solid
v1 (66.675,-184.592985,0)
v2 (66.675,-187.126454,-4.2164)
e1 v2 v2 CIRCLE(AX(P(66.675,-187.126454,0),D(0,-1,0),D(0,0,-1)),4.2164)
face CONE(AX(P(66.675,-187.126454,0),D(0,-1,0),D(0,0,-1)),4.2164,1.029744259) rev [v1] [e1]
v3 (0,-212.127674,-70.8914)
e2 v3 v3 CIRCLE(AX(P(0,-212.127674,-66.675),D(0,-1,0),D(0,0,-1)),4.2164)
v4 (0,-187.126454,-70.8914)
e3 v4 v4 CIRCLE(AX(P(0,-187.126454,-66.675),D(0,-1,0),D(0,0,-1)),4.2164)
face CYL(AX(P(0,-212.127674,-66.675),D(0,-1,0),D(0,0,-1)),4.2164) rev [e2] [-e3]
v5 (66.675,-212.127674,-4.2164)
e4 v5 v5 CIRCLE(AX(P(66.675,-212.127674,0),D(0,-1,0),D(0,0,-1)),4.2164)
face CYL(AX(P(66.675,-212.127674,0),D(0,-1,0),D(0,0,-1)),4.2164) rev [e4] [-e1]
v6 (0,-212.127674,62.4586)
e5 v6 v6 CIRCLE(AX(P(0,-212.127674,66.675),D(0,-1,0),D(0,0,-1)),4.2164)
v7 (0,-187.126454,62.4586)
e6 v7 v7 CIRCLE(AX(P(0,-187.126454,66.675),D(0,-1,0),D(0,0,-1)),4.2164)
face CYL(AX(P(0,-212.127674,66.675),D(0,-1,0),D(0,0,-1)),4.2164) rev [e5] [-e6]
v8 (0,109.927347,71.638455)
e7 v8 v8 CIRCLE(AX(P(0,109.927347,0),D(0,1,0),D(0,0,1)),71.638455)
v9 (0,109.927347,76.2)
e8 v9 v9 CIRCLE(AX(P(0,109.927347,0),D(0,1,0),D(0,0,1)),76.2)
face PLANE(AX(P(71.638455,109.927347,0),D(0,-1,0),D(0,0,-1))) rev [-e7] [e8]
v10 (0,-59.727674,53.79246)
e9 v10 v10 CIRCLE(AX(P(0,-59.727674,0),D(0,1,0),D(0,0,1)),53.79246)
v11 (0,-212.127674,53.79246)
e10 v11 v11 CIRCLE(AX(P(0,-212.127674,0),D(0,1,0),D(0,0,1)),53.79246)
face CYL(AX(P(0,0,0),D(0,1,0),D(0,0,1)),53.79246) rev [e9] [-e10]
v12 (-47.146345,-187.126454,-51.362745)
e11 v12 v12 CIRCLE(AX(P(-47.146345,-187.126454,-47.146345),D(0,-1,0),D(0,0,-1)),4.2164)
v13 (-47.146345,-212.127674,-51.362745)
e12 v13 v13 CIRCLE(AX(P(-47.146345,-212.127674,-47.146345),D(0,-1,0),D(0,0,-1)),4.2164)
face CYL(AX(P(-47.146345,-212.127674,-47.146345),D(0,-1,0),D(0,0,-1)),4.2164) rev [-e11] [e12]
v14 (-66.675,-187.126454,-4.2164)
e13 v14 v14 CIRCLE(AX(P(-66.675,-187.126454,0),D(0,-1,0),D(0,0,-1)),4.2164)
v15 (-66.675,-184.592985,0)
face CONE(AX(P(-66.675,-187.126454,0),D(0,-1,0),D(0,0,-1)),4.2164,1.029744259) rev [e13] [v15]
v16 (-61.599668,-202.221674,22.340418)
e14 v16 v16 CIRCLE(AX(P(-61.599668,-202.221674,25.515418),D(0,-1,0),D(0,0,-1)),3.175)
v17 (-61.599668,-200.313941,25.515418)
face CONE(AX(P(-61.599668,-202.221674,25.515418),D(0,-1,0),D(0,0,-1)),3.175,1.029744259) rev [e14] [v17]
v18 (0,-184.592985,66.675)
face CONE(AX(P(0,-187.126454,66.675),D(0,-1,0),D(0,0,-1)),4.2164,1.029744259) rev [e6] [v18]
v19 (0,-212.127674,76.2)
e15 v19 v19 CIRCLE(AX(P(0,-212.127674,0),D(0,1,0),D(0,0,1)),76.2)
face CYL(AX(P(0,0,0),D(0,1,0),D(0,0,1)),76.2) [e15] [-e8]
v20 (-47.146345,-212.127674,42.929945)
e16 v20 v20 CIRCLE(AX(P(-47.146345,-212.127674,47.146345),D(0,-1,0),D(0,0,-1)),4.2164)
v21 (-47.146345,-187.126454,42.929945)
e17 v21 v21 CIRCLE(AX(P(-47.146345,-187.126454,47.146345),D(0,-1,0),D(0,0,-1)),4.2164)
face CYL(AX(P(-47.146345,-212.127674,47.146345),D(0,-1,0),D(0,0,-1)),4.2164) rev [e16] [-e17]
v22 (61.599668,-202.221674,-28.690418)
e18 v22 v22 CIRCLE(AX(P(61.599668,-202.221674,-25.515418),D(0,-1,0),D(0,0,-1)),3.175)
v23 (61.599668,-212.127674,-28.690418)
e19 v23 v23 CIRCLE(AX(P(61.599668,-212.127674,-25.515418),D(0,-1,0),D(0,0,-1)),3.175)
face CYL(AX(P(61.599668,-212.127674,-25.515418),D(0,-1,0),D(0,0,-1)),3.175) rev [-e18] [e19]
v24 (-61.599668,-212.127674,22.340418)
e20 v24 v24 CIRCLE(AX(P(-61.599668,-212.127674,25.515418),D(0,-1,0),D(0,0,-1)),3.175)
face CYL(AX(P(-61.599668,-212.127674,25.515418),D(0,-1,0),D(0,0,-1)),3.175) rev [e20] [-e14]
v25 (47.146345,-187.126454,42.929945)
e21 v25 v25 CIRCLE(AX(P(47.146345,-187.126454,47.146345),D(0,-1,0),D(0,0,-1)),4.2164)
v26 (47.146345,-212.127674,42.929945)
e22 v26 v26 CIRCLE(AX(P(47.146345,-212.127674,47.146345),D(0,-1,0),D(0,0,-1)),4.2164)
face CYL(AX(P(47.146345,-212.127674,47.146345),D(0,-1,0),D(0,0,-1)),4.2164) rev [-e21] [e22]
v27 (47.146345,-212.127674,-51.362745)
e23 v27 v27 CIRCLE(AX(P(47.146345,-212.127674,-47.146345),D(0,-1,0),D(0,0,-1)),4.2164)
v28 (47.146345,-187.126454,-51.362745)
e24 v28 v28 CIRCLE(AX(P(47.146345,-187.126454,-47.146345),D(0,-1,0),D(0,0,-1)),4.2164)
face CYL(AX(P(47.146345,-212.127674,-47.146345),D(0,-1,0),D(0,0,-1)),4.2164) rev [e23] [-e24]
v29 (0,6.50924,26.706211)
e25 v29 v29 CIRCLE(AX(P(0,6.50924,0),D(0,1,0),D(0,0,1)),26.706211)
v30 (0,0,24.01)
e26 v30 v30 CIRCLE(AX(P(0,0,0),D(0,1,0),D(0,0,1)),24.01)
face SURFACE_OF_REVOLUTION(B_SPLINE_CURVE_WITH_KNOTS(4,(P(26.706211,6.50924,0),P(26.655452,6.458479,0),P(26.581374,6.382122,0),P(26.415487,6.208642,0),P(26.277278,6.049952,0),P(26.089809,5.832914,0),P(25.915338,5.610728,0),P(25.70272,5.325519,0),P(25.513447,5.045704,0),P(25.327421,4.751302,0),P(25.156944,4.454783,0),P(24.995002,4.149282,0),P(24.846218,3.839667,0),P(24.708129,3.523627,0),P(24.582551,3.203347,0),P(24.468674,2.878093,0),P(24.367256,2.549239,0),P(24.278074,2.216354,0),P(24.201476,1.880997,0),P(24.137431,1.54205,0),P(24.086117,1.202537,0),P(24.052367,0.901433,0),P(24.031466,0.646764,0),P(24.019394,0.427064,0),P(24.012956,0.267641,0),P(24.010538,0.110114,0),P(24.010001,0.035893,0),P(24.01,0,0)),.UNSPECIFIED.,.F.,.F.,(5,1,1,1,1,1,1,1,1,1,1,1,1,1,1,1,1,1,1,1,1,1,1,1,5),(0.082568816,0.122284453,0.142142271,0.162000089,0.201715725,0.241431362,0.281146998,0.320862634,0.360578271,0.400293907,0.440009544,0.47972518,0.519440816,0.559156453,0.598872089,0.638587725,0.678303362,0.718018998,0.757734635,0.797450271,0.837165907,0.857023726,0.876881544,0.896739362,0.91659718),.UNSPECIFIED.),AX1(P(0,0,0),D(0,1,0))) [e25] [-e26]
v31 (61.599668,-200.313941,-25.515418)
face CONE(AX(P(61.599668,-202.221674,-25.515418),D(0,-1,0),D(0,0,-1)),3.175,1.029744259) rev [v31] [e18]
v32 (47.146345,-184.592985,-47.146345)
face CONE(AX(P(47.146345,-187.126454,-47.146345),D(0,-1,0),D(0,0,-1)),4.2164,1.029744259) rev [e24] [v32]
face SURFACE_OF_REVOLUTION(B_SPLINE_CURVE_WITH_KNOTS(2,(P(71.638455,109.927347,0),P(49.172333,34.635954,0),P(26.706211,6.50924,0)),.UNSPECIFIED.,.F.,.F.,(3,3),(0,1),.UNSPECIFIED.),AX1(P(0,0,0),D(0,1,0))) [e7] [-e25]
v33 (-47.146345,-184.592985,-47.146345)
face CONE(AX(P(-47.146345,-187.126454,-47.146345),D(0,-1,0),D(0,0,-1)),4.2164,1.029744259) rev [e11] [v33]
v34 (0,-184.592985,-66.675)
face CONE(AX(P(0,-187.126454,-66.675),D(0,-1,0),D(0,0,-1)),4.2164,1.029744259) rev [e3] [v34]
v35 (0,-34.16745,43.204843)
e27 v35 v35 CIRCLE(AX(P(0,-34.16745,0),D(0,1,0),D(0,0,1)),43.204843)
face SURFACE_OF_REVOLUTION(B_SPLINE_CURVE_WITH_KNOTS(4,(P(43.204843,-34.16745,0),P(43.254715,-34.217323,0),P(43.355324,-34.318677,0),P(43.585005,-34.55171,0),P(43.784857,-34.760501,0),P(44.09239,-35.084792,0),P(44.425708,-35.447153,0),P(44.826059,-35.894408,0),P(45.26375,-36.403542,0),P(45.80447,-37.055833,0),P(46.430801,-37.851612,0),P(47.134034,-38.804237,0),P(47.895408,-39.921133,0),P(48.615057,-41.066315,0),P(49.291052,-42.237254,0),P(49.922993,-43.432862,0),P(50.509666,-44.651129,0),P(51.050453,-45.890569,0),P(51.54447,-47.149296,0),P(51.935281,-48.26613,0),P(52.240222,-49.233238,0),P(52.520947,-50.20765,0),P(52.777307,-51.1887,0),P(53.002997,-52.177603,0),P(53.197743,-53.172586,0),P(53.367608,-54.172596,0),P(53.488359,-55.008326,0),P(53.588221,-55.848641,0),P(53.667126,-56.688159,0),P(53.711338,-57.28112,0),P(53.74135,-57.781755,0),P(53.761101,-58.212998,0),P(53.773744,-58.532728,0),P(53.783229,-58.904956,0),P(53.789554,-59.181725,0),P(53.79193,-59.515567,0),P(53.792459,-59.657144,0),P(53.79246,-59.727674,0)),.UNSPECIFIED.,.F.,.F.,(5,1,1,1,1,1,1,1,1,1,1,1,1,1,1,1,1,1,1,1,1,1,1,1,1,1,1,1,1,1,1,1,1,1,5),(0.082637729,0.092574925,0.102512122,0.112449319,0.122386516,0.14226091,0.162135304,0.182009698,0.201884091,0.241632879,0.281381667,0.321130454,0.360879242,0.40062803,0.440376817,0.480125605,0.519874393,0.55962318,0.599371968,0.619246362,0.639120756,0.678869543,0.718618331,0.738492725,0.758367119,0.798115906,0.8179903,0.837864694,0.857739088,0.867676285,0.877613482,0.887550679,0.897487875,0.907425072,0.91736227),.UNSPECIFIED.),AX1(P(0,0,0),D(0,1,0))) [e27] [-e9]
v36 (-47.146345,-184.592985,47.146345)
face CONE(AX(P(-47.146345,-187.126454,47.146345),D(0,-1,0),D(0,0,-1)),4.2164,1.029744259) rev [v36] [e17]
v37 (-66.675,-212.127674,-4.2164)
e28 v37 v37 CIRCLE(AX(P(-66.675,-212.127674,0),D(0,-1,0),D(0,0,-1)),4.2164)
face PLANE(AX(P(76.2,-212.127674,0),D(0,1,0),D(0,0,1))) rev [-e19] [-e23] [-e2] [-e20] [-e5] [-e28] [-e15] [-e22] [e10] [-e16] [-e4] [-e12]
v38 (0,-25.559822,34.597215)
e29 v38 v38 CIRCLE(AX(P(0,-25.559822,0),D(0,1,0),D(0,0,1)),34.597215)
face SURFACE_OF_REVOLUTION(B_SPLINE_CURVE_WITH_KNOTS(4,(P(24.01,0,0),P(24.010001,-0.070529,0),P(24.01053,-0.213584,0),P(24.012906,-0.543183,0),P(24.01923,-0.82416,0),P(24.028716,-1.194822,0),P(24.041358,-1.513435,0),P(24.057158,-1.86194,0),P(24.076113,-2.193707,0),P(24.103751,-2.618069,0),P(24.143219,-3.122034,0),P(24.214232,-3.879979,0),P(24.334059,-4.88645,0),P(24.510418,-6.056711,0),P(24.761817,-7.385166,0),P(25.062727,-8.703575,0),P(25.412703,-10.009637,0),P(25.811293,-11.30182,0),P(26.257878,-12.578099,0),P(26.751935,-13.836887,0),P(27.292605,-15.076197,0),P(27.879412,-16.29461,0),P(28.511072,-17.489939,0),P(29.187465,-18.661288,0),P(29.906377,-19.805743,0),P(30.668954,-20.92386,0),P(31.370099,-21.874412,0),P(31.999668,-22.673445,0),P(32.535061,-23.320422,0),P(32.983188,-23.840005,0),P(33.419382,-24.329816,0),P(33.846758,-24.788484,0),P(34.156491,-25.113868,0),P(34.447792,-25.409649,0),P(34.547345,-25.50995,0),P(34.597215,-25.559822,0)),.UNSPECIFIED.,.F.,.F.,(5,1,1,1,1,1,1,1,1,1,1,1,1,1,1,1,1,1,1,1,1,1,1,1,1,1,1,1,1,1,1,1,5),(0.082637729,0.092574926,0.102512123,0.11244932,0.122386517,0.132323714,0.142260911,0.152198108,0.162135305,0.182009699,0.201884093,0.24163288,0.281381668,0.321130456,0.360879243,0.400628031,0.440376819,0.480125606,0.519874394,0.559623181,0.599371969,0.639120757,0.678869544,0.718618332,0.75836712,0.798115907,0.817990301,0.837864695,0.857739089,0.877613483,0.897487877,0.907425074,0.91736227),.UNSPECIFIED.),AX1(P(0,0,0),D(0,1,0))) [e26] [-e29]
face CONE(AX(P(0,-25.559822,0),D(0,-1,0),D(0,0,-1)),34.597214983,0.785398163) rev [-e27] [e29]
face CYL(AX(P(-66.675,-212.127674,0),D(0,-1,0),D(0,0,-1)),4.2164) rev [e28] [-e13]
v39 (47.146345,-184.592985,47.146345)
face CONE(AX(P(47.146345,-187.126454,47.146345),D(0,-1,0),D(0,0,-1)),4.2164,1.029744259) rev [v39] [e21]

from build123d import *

# Parameters (mm, degrees)
CIRPATTERN1_COUNT              = 8
F_1_4_0_2500_DOWEL_HOLE1_D     = 6.35
F_1_4_0_2500_DOWEL_HOLE1_DEPTH = 9.906
F_1_4_0_2500_DOWEL_HOLE1_TIP   = 1.907732465


with BuildPart() as part:
    # Sketch1 → Revolve2 (revolve)
    with BuildSketch(Plane.XY, mode=Mode.PRIVATE) as revolve2_sk:
        with BuildLine():
            Line((71.638455479, 109.927347077), (76.2, 109.927347077))
            Line((76.2, 109.927347077), (76.2, -212.127673762))
            Line((76.2, -212.127673762), (53.792460107, -212.127673762))
            Line((53.792460107, -212.127673762), (53.792460107, -59.727673762))
            add(Edge.make_bspline(
                [(53.792460107, -59.727673762), (53.792458875, -59.657143693), (53.79192973, -59.515566639), (53.789553877, -59.181725153), (53.783229275, -58.904956029), (53.773743784, -58.532728024), (53.761100883, -58.212998158), (53.741350051, -57.781754979), (53.711337705, -57.281120436), (53.667125535, -56.688158703), (53.588220857, -55.848640904), (53.488359258, -55.0083264), (53.367608174, -54.172595971), (53.197743199, -53.172585782), (53.002996554, -52.177603366), (52.777307477, -51.18869963), (52.520946571, -50.207649587), (52.240221677, -49.233238292), (51.935281065, -48.266129779), (51.544470146, -47.149295627), (51.050452662, -45.89056897), (50.509666041, -44.651129374), (49.922993204, -43.432862102), (49.291052494, -42.237253822), (48.61505748, -41.066315469), (47.895407759, -39.921133254), (47.134034366, -38.804236844), (46.430801278, -37.851612398), (45.804470147, -37.055832742), (45.263749884, -36.403541907), (44.826059146, -35.894408262), (44.425708383, -35.447153291), (44.092389692, -35.084791822), (43.78485681, -34.760500791), (43.58500459, -34.551710093), (43.355324254, -34.318676932), (43.254715332, -34.217322701), (43.204843184, -34.167450314)],
                knots=[0.082637729, 0.082637729, 0.082637729, 0.082637729, 0.082637729, 0.092574926, 0.102512123, 0.11244932, 0.122386517, 0.132323714, 0.142260911, 0.162135305, 0.182009699, 0.201884093, 0.24163288, 0.261507274, 0.281381668, 0.321130456, 0.360879243, 0.380753637, 0.400628031, 0.440376819, 0.480125606, 0.519874394, 0.559623181, 0.599371969, 0.639120757, 0.678869544, 0.718618332, 0.75836712, 0.798115907, 0.817990301, 0.837864695, 0.857739089, 0.877613483, 0.88755068, 0.897487877, 0.907425074, 0.91736227, 0.91736227, 0.91736227, 0.91736227, 0.91736227], degree=4))
            Line((43.204843184, -34.167450314), (34.597214986, -25.559822117))
            add(Edge.make_bspline(
                [(24.01, 0), (24.010001231, -0.070528647), (24.010530378, -0.21358419), (24.012906064, -0.543182916), (24.019230459, -0.824160397), (24.02871558, -1.194822071), (24.041357874, -1.513435058), (24.057158098, -1.861939603), (24.076113357, -2.193706871), (24.103750972, -2.6180694), (24.14321918, -3.122033947), (24.214231842, -3.879978675), (24.334058815, -4.886450388), (24.510418183, -6.05671076), (24.761817375, -7.385166415), (25.062727459, -8.703574514), (25.412702772, -10.009637209), (25.811293135, -11.301819597), (26.257877546, -12.578099335), (26.75193548, -13.836887484), (27.292605281, -15.076197129), (27.879411549, -16.294609794), (28.511071563, -17.489938794), (29.187464564, -18.661287757), (29.906377272, -19.805743397), (30.668954172, -20.923860075), (31.370099368, -21.87441176), (31.9996683, -22.673445481), (32.535060595, -23.320422138), (32.983187947, -23.840005017), (33.419382207, -24.329816247), (33.846758303, -24.78848439), (34.156490822, -25.113868311), (34.44779214, -25.409649047), (34.547344609, -25.509949933), (34.597214986, -25.559822117)],
                knots=[0.082637729, 0.082637729, 0.082637729, 0.082637729, 0.082637729, 0.092574926, 0.102512123, 0.11244932, 0.122386517, 0.132323714, 0.142260911, 0.152198108, 0.162135305, 0.182009699, 0.201884093, 0.24163288, 0.281381668, 0.321130456, 0.360879243, 0.400628031, 0.440376819, 0.480125606, 0.519874394, 0.559623181, 0.599371969, 0.639120757, 0.678869544, 0.718618332, 0.75836712, 0.798115907, 0.817990301, 0.837864695, 0.857739089, 0.877613483, 0.897487877, 0.907425074, 0.91736227, 0.91736227, 0.91736227, 0.91736227, 0.91736227], degree=4))
            add(Edge.make_bspline(
                [(24.01, 0), (24.010000626, 0.035892652), (24.010538457, 0.11011369), (24.012955849, 0.267641069), (24.019393694, 0.427064117), (24.031465725, 0.646764266), (24.052367213, 0.901433328), (24.086116845, 1.202537273), (24.137431431, 1.542050498), (24.201475827, 1.880996777), (24.278073727, 2.21635442), (24.367255697, 2.549239421), (24.468673539, 2.878092645), (24.582551197, 3.203347041), (24.708128897, 3.523627157), (24.846218103, 3.839666733), (24.995002427, 4.149282184), (25.156944348, 4.454783123), (25.327420631, 4.751301575), (25.513446847, 5.045703861), (25.702720396, 5.325518936), (25.9153376, 5.610727543), (26.0898085, 5.832913647), (26.277277882, 6.049951637), (26.415487374, 6.208641646), (26.581374196, 6.382121779), (26.655452387, 6.458478841), (26.706211329, 6.50923965)],
                knots=[0.082568816, 0.082568816, 0.082568816, 0.082568816, 0.082568816, 0.102426634, 0.122284453, 0.142142271, 0.162000089, 0.201715725, 0.241431362, 0.281146998, 0.320862634, 0.360578271, 0.400293907, 0.440009544, 0.47972518, 0.519440816, 0.559156453, 0.598872089, 0.638587725, 0.678303362, 0.718018998, 0.757734635, 0.797450271, 0.837165907, 0.857023726, 0.876881544, 0.91659718, 0.91659718, 0.91659718, 0.91659718, 0.91659718], degree=4))
            add(Edge.make_bspline(
                [(26.706211329, 6.50923965), (49.172333461, 34.635954224), (71.638455479, 109.927347077)],
                knots=[0, 0, 0, 1, 1, 1], degree=2))
        make_face()
    revolve(revolve2_sk.sketch.rotate(Axis((0, 0, 0), (0, -1, 0)), 90), axis=Axis((0, 0, 0), (0, -1, 0)))

    # Sketch4 → 3/8-24 Tapped Hole1 (revolve, cut)
    with BuildSketch(Plane(origin=(66.675, -212.127673762, 0), x_dir=(0, 0, -1), z_dir=(1, 0, 0))):
        Polygon((0, 0), (0, 27.534688714), (4.2164, 25.00122), (4.2164, 0), align=None)
    f_3_8_24_tapped_hole1 = revolve(axis=Axis((66.675, -218.477673762, 0), (0, 1, 0)), mode=Mode.SUBTRACT)

    # CirPattern1: 3/8-24 Tapped Hole1 ×8 about axis
    cirpattern1_axis = Axis((0, 0, 0), (0, 1, 0))
    for i in range(1, CIRPATTERN1_COUNT):
        add(f_3_8_24_tapped_hole1.rotate(cirpattern1_axis, i * 360 / CIRPATTERN1_COUNT), mode=Mode.SUBTRACT)

    # 1/4 (0.2500) Dowel Hole1
    with Locations(Plane(origin=(0, -212.127673762, 0), x_dir=(-1, 0, 0), z_dir=(0, -1, 0))):
        with Locations((-61.59966783, 25.515417853), (61.59966783, -25.515417853)):
            Hole(F_1_4_0_2500_DOWEL_HOLE1_D / 2, depth=F_1_4_0_2500_DOWEL_HOLE1_DEPTH)
            with Locations((0, 0, -(F_1_4_0_2500_DOWEL_HOLE1_DEPTH + F_1_4_0_2500_DOWEL_HOLE1_TIP / 2))):  # 118° drill point
                Cone(0, F_1_4_0_2500_DOWEL_HOLE1_D / 2, F_1_4_0_2500_DOWEL_HOLE1_TIP, mode=Mode.SUBTRACT)


solid = part.part
